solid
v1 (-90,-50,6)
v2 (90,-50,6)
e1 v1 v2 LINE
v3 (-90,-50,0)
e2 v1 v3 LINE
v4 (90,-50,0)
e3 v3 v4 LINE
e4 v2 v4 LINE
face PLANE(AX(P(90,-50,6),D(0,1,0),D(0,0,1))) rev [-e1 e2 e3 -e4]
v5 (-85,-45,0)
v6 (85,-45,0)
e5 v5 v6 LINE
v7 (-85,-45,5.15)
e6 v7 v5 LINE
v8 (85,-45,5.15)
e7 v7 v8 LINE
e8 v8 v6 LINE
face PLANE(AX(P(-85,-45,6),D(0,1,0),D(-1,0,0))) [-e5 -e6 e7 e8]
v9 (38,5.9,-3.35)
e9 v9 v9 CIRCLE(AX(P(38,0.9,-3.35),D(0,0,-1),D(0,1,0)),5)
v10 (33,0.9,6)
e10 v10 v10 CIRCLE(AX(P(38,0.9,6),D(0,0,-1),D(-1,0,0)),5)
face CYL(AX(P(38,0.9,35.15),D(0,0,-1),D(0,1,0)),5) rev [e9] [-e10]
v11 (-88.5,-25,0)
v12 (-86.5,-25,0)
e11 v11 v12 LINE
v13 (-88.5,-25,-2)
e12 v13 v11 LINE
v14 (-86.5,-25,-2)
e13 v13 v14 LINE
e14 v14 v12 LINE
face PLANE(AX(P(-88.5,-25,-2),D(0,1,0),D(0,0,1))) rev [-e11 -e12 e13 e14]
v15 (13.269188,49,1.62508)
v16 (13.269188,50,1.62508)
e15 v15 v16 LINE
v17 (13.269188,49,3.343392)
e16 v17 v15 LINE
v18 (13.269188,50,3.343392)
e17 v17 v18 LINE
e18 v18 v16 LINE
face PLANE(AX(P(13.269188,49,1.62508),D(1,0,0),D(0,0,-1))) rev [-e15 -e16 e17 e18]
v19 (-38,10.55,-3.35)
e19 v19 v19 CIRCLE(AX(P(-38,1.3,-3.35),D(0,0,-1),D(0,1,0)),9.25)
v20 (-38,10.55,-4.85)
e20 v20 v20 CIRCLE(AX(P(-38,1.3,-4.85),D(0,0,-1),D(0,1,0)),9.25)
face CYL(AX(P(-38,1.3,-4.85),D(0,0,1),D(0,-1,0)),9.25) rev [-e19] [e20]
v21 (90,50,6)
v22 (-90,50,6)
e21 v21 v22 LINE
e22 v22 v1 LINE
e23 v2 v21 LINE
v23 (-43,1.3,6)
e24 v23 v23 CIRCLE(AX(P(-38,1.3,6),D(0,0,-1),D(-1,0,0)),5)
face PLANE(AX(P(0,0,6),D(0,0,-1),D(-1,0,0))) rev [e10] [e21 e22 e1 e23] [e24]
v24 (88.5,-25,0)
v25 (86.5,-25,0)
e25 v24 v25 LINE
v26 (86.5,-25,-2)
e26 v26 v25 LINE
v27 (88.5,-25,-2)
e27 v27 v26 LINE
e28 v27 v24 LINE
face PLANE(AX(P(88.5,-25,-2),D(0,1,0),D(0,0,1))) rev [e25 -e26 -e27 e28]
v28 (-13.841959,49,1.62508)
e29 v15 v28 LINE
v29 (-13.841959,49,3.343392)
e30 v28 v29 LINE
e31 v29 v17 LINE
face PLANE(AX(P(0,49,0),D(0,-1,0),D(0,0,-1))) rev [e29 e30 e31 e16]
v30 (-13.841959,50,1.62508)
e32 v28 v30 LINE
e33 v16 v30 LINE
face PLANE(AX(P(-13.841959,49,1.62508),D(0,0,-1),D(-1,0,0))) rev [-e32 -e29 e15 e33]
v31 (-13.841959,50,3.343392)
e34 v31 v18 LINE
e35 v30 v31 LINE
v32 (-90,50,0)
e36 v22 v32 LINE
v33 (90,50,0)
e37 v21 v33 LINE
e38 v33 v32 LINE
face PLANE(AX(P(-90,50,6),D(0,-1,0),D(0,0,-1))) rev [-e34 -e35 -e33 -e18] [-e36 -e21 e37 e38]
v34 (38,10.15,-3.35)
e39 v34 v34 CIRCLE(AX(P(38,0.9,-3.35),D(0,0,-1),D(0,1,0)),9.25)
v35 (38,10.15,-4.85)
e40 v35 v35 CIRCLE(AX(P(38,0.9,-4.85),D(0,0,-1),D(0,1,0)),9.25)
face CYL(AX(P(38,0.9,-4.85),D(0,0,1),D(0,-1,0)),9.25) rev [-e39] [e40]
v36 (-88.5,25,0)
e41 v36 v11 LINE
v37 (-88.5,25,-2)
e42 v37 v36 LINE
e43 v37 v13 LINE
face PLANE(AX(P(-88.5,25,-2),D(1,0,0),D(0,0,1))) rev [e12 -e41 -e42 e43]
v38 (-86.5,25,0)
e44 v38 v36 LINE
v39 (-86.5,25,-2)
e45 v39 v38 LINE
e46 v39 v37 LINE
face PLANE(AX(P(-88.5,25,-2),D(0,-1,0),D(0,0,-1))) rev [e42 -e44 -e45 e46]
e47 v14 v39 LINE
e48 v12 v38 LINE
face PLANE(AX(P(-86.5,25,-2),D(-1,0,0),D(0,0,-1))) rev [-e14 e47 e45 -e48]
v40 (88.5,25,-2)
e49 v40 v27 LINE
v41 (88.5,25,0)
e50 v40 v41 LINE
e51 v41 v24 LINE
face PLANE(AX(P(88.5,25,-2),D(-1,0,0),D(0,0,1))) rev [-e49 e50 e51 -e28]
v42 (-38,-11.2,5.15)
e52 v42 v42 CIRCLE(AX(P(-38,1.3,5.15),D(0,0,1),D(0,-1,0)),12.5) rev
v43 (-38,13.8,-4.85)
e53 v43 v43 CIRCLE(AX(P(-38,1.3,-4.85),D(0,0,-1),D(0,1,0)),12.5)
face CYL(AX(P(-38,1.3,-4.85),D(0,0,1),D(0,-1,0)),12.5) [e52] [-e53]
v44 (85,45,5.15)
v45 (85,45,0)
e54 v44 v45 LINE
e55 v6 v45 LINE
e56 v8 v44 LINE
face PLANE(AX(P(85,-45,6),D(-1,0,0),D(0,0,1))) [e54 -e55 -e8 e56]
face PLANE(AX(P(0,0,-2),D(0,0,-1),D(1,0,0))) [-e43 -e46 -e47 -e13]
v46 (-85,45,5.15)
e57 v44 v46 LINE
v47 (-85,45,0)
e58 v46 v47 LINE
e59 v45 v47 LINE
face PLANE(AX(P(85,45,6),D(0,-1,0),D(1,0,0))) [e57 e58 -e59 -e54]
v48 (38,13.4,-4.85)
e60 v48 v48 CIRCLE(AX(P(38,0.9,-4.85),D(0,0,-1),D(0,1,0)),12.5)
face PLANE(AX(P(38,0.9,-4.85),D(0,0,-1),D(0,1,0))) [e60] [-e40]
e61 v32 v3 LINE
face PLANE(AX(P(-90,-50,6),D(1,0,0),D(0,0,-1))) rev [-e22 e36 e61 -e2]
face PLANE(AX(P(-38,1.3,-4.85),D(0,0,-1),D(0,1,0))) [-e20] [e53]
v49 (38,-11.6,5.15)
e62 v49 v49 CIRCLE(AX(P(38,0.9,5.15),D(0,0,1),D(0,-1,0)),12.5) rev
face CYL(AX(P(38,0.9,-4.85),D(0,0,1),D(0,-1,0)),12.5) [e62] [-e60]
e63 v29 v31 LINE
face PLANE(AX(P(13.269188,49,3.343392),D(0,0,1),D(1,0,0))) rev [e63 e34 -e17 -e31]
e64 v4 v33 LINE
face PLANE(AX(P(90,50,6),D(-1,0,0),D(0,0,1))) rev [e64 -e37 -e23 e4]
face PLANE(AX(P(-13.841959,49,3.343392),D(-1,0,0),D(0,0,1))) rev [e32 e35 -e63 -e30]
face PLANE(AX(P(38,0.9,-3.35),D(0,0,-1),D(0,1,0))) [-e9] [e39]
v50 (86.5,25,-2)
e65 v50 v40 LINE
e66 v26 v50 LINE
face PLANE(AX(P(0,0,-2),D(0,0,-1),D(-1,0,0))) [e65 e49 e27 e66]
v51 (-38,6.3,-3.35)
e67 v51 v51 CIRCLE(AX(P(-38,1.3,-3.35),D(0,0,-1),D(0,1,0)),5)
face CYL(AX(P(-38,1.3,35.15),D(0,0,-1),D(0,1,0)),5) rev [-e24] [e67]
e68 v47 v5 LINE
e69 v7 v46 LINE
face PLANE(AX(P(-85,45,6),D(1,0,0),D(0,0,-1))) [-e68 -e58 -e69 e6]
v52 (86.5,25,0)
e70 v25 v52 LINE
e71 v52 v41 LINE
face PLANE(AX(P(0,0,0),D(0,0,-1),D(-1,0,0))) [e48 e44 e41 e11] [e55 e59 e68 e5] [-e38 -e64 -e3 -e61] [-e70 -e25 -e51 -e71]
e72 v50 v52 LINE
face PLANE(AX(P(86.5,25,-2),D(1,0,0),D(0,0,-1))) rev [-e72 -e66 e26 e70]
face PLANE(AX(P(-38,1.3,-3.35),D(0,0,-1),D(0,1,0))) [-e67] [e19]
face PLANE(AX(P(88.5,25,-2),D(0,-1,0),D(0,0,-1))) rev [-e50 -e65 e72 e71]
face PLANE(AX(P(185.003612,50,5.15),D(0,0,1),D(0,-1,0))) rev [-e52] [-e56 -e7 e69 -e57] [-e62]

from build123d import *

# Parameters (mm, degrees)
SCHIZZO1_W                   = 180
SCHIZZO1_H                   = 100
SCHIZZO1_W_2                 = 170
SCHIZZO1_H_2                 = 90
ESTRUSIONE_ESTRUSIONE1_DEPTH = 6
SCHIZZO2_W                   = 0.85
SCHIZZO2_H                   = 100
ESTRUSIONE_ESTRUSIONE2_DEPTH = 170
SCHIZZO3_R                   = 12.5
SCHIZZO3_R_2                 = 9.25
ESTRUSIONE_ESTRUSIONE3_DEPTH = 10
SCHIZZO4_R                   = 5
TAGLIO_ESTRUSIONE1_DEPTH     = 30
SCHIZZO5_W                   = 2
SCHIZZO5_H                   = 50
ESTRUSIONE_ESTRUSIONE4_DEPTH = 2
SCHIZZO10_R                  = 9.25
SCHIZZO10_R_2                = 5
ESTRUSIONE_ESTRUSIONE7_DEPTH = 8.5
SCHIZZO11_R                  = 9.25
SCHIZZO11_R_2                = 5
ESTRUSIONE_ESTRUSIONE8_DEPTH = 8.5
SCHIZZO12_W                  = 27.111147563
SCHIZZO12_H                  = 1.71831217
TAGLIO_ESTRUSIONE2_DEPTH     = 1


with BuildPart() as part:
    # Schizzo1 → Estrusione-Estrusione1 (new body)
    with BuildSketch(Plane.XY):
        Rectangle(SCHIZZO1_W, SCHIZZO1_H)
        Rectangle(SCHIZZO1_W_2, SCHIZZO1_H_2, mode=Mode.SUBTRACT)
    extrude(amount=ESTRUSIONE_ESTRUSIONE1_DEPTH)

    # Schizzo2 → Estrusione-Estrusione2 (add)
    with BuildSketch(Plane(origin=(-85, 0, 0), x_dir=(0, 0, -1), z_dir=(1, 0, 0))):
        with Locations((-5.575, 0)):
            Rectangle(SCHIZZO2_W, SCHIZZO2_H)
    extrude(amount=ESTRUSIONE_ESTRUSIONE2_DEPTH)

    # Schizzo3 → Estrusione-Estrusione3 (add)
    with BuildSketch(Plane(origin=(0, 0, 5.15), x_dir=(-1, 0, 0), z_dir=(0, 0, -1))):
        with Locations((-38, 0.9)):
            Circle(SCHIZZO3_R)
        with Locations((-38, 0.9)):
            Circle(SCHIZZO3_R_2, mode=Mode.SUBTRACT)
        with Locations((38, 1.3)):
            Circle(SCHIZZO3_R)
        with Locations((38, 1.3)):
            Circle(SCHIZZO3_R_2, mode=Mode.SUBTRACT)
    extrude(amount=ESTRUSIONE_ESTRUSIONE3_DEPTH)

    # Schizzo4 → Taglio-Estrusione1 (cut)
    with BuildSketch(Plane(origin=(0, 0, 5.15), x_dir=(-1, 0, 0), z_dir=(0, 0, -1))):
        with Locations((-38, 0.9)):
            Circle(SCHIZZO4_R)
        with Locations((38, 1.3)):
            Circle(SCHIZZO4_R)
    extrude(amount=-TAGLIO_ESTRUSIONE1_DEPTH, mode=Mode.SUBTRACT)

    # Schizzo5 → Estrusione-Estrusione4 (add)
    with BuildSketch(Plane(origin=(0, 0, 0), x_dir=(-1, 0, 0), z_dir=(0, 0, -1))):
        with Locations((-87.5, 0)):
            Rectangle(SCHIZZO5_W, SCHIZZO5_H)
    estrusione_estrusione4 = extrude(amount=ESTRUSIONE_ESTRUSIONE4_DEPTH)

    # Specchia1: Estrusione-Estrusione4 across plane
    add(estrusione_estrusione4.mirror(Plane.ZY))

    # Schizzo10 → Estrusione-Estrusione7 (add)
    with BuildSketch(Plane(origin=(0, 0, 5.15), x_dir=(-1, 0, 0), z_dir=(0, 0, -1))):
        with Locations((-38, 0.9)):
            Circle(SCHIZZO10_R)
        with Locations((-38, 0.9)):
            Circle(SCHIZZO10_R_2, mode=Mode.SUBTRACT)
    extrude(amount=ESTRUSIONE_ESTRUSIONE7_DEPTH)

    # Schizzo11 → Estrusione-Estrusione8 (add)
    with BuildSketch(Plane(origin=(0, 0, 5.15), x_dir=(-1, 0, 0), z_dir=(0, 0, -1))):
        with Locations((38, 1.3)):
            Circle(SCHIZZO11_R)
        with Locations((38, 1.3)):
            Circle(SCHIZZO11_R_2, mode=Mode.SUBTRACT)
    extrude(amount=ESTRUSIONE_ESTRUSIONE8_DEPTH)

    # Schizzo12 → Taglio-Estrusione2 (cut)
    with BuildSketch(Plane(origin=(0, 50, 0), x_dir=(1, 0, 0), z_dir=(0, 1, 0))):
        with Locations((-0.286385361, -2.484235744)):
            Rectangle(SCHIZZO12_W, SCHIZZO12_H)
    extrude(amount=-TAGLIO_ESTRUSIONE2_DEPTH, mode=Mode.SUBTRACT)


solid = part.part
